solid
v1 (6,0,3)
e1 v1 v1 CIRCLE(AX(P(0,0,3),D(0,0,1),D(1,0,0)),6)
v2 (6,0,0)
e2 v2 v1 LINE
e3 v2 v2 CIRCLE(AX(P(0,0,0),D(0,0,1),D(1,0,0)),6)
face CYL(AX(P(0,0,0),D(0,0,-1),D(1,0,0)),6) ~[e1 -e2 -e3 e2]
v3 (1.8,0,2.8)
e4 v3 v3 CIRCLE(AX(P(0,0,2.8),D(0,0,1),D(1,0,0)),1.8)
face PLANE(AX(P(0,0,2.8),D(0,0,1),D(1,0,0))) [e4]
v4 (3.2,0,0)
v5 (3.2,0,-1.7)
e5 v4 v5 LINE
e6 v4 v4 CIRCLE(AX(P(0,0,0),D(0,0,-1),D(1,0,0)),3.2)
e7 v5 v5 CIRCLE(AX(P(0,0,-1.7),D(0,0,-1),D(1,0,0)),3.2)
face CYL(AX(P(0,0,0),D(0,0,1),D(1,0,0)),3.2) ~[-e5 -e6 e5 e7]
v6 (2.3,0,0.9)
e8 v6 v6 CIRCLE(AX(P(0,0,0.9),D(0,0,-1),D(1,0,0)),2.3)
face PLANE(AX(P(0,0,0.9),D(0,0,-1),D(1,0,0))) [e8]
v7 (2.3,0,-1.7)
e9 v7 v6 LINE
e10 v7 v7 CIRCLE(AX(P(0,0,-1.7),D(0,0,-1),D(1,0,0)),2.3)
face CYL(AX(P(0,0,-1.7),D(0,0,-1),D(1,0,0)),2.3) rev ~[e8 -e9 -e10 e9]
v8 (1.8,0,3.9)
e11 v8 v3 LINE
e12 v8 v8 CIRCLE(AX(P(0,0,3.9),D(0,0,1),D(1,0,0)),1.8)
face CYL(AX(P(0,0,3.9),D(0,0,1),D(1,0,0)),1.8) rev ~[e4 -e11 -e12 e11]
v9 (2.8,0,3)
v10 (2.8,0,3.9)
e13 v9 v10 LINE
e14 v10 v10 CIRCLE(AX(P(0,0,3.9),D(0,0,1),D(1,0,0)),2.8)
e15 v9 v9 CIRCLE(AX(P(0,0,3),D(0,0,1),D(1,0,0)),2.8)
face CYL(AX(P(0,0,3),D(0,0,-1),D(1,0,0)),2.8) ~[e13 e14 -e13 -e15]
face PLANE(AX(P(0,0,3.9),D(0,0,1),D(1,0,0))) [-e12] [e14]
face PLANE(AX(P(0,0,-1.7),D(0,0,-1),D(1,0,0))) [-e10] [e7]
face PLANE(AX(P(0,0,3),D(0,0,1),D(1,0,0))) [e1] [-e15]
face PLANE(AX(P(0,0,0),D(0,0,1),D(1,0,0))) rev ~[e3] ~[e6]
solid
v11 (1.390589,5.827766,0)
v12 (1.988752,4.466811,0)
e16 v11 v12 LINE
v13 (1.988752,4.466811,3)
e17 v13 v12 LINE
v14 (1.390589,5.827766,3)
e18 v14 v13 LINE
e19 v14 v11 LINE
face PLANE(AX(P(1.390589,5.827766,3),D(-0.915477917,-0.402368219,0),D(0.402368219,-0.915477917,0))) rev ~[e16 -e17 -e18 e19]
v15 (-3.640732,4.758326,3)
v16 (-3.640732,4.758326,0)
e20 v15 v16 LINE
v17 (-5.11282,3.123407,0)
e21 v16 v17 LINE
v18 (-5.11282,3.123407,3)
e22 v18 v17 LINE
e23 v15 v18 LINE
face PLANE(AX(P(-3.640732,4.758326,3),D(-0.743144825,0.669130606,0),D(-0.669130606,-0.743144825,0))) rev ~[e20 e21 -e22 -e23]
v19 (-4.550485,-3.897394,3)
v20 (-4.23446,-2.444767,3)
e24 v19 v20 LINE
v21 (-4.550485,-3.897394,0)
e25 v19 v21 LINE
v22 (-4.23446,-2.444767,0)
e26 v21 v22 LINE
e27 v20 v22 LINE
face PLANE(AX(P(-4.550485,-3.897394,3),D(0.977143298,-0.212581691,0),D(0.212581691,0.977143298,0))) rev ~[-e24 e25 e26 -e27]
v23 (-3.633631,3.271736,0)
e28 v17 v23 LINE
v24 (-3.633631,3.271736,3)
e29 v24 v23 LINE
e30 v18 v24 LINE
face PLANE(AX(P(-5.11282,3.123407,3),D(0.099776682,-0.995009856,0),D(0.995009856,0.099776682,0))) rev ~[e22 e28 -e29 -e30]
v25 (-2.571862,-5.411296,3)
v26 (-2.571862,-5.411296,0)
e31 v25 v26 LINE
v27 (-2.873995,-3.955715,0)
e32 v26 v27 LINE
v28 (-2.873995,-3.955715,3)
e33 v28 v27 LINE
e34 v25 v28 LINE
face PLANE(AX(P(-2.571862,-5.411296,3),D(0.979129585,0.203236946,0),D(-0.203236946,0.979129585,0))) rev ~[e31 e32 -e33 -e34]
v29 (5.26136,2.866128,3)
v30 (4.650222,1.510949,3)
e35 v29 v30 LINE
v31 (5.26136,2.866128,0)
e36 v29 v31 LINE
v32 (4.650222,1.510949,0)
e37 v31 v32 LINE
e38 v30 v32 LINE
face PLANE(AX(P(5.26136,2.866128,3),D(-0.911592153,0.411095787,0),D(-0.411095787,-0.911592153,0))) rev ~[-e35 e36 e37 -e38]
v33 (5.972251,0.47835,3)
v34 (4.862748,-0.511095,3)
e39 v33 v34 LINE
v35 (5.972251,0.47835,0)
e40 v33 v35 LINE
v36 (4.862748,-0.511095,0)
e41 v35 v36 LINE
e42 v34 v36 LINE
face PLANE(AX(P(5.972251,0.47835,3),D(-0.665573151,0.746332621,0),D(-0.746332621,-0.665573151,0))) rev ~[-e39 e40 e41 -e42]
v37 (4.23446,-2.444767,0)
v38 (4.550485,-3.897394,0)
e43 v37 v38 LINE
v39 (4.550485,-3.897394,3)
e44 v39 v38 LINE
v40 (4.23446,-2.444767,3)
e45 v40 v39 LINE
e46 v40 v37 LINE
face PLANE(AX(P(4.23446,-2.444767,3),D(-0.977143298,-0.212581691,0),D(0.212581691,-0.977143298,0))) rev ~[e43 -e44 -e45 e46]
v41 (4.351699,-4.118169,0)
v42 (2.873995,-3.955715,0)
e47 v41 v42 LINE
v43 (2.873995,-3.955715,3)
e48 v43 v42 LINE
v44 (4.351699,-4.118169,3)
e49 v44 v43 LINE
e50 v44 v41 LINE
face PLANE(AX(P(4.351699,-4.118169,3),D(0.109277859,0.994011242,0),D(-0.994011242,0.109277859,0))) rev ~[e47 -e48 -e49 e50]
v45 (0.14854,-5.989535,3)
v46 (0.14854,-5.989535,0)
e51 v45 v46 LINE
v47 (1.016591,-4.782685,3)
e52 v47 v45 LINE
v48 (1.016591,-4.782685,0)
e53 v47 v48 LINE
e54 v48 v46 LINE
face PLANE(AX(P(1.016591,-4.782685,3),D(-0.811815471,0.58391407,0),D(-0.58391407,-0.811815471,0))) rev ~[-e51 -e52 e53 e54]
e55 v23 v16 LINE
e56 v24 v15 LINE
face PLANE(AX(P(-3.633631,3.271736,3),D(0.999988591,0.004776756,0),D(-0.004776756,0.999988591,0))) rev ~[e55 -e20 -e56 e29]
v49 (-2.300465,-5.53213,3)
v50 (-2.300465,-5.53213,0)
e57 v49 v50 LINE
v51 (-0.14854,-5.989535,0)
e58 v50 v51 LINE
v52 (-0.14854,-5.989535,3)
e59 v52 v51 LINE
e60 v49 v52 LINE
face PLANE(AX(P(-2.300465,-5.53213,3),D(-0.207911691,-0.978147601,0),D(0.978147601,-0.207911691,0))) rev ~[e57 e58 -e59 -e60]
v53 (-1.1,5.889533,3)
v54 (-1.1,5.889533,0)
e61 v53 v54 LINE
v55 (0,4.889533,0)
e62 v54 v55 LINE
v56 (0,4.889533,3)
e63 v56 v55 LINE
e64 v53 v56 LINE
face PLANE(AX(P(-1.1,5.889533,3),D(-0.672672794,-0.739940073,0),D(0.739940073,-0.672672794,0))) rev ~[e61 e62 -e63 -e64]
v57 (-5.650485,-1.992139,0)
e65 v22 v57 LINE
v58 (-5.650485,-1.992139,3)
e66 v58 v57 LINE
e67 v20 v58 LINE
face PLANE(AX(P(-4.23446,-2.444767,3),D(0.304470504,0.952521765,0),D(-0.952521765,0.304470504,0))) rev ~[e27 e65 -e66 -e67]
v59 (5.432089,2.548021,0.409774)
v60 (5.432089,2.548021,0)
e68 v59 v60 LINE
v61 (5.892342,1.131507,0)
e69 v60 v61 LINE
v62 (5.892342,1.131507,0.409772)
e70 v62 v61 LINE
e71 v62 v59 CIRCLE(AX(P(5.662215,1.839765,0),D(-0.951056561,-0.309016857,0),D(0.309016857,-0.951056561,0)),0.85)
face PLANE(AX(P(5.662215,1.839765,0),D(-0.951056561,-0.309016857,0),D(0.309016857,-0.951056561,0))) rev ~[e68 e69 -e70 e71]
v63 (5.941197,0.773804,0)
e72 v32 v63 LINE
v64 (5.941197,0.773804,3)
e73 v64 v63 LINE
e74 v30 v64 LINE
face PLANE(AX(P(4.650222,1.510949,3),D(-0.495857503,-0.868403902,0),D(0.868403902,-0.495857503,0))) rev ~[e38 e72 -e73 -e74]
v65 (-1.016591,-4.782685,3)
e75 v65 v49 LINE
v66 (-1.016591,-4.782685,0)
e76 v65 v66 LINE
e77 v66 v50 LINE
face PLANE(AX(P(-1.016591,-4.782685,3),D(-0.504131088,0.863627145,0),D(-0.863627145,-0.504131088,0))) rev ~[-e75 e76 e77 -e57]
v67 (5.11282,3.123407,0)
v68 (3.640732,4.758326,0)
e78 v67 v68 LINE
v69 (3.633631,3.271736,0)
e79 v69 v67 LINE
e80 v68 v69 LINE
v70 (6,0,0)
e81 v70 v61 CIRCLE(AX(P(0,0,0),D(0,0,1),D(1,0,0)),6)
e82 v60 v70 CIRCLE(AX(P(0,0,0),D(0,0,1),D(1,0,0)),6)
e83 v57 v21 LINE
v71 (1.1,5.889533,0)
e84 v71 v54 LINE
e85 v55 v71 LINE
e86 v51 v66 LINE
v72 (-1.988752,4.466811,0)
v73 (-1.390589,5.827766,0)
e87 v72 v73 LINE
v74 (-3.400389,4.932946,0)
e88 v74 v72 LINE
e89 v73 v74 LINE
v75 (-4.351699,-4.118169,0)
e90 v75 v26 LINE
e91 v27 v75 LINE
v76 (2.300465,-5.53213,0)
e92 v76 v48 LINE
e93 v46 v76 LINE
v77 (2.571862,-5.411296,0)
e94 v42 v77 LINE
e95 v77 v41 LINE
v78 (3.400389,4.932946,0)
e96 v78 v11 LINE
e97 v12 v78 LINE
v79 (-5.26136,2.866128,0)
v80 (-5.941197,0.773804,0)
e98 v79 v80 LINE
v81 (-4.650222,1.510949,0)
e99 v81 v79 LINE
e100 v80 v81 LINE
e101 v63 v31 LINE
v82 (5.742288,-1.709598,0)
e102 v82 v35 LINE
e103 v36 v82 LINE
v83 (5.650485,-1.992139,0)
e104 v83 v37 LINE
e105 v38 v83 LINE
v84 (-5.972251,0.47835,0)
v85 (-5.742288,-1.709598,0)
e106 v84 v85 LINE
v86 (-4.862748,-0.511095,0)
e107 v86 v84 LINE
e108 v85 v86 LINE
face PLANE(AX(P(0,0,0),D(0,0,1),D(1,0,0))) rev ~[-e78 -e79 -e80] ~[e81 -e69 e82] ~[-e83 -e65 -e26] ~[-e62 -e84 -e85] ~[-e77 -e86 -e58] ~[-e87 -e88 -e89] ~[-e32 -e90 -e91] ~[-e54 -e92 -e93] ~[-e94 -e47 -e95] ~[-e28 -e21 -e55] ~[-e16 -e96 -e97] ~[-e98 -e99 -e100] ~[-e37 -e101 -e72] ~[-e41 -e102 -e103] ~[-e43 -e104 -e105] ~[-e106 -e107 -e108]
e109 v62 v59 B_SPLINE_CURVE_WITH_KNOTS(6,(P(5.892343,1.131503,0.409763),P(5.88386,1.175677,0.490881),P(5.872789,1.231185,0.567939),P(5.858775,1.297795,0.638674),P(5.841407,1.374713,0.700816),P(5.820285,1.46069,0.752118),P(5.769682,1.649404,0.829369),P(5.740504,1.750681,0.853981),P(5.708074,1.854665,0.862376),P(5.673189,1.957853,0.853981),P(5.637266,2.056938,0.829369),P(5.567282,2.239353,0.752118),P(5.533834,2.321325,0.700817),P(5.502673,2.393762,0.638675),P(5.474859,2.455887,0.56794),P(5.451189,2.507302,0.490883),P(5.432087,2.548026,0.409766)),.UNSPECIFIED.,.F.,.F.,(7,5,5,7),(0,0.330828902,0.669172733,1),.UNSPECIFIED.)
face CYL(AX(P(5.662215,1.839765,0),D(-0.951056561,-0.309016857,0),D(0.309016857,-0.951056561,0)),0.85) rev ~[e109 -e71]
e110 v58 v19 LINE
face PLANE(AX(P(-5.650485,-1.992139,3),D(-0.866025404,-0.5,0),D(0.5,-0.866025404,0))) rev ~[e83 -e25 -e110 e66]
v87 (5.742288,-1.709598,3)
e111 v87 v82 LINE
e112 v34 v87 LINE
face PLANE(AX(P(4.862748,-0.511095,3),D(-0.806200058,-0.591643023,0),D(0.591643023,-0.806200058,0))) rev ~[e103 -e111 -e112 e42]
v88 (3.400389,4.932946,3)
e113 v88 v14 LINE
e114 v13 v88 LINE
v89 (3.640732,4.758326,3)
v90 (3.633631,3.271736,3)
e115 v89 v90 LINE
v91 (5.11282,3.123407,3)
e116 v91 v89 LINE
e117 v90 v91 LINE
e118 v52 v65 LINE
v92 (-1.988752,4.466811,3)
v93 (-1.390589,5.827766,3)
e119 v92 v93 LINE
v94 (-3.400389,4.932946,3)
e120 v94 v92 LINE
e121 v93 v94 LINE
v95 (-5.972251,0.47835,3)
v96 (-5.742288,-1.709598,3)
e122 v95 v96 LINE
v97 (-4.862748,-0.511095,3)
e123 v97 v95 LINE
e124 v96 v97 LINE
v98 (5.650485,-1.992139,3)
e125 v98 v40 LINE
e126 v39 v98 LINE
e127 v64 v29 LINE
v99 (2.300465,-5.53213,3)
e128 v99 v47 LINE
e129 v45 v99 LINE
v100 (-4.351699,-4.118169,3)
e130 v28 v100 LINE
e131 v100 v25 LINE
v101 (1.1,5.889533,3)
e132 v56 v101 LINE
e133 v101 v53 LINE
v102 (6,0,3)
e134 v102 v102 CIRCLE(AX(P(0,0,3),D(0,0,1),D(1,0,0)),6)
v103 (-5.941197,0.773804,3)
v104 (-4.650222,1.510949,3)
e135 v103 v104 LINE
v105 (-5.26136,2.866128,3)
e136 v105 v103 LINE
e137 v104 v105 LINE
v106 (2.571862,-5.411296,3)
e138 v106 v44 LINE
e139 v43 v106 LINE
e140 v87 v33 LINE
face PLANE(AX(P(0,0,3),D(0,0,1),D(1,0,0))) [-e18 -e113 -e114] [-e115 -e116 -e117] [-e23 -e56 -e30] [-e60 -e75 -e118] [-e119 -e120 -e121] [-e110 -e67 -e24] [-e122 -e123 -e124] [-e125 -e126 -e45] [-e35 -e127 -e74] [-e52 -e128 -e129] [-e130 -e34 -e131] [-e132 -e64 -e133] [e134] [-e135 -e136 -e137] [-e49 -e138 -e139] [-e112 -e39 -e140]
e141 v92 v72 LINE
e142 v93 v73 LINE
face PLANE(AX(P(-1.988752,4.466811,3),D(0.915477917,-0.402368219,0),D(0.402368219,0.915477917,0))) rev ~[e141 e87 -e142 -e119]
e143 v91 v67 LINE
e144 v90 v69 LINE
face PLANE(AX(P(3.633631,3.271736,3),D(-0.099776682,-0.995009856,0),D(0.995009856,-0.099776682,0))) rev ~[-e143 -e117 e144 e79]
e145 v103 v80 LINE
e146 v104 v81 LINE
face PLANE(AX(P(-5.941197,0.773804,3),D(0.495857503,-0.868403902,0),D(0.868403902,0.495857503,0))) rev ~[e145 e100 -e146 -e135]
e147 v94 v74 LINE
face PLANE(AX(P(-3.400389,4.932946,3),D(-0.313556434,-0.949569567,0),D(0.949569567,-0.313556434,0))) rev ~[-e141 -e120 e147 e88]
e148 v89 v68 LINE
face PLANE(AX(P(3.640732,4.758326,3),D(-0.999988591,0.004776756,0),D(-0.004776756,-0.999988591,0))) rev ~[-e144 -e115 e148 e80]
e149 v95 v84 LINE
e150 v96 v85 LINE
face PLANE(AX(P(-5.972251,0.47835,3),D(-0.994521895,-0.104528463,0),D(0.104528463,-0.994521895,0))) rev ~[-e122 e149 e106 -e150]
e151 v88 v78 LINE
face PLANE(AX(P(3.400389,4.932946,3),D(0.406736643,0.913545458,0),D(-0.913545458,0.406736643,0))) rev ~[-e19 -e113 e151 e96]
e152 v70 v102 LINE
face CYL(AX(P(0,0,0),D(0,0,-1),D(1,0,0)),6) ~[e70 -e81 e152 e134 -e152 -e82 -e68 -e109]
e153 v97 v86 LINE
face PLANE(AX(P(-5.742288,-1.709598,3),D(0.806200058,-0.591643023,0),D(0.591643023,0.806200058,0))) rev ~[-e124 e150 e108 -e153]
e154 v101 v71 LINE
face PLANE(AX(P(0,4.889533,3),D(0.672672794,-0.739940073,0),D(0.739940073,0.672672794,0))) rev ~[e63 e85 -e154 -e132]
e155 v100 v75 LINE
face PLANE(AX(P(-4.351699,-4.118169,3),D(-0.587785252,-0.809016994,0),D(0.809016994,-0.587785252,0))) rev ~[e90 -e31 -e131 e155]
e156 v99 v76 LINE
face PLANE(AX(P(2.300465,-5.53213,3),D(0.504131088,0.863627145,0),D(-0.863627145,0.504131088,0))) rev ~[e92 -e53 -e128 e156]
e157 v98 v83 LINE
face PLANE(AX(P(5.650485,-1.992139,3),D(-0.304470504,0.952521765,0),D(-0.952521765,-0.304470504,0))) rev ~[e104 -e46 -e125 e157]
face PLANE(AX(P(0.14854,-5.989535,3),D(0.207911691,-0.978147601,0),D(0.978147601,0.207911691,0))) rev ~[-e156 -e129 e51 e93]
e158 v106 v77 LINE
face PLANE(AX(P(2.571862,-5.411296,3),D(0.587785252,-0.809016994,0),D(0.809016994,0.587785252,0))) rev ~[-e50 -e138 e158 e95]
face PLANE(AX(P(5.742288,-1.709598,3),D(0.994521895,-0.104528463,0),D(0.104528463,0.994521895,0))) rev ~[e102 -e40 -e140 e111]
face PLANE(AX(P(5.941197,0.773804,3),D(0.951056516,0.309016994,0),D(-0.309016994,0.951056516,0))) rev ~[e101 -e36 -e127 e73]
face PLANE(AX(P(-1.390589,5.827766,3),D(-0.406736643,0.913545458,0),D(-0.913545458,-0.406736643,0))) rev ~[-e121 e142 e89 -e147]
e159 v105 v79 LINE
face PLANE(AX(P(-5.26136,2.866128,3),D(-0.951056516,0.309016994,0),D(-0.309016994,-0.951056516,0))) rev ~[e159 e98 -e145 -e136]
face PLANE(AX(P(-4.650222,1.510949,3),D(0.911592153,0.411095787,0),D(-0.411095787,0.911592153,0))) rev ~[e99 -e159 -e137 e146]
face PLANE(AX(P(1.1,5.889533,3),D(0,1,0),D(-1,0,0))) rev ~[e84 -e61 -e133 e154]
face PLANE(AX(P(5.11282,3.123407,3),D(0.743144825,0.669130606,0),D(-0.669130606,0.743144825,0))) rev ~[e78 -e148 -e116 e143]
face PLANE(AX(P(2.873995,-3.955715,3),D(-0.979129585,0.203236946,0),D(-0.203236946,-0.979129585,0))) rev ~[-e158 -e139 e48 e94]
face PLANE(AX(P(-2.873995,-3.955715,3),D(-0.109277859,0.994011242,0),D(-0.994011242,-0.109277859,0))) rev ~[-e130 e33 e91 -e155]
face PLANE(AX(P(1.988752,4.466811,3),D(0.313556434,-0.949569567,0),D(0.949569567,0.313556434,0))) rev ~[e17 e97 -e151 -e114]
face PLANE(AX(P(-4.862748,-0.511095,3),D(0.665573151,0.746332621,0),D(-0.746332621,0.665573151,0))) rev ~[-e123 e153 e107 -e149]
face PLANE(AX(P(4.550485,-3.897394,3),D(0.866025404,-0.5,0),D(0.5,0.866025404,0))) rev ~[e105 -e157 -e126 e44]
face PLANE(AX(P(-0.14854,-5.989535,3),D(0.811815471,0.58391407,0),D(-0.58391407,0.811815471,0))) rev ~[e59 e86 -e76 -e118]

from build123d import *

# Parameters (mm, degrees)
SKETCH_R           = 6
PAD_DEPTH          = 3
SKETCH001_R        = 2.8
PAD001_DEPTH       = 0.9
SKETCH002_R        = 1.8
POCKET_DEPTH       = 1.1
SKETCH003_R        = 3.2
PAD002_DEPTH       = 1.7
SKETCH004_R        = 2.3
POCKET001_DEPTH    = 2.6
POCKET003_DEPTH    = 37.468376
POLARPATTERN_COUNT = 15
SKETCH008_R        = 0.85
POCKET004_DEPTH    = 1.607836


with BuildPart() as main_body:
    # Sketch → Pad (new body)
    with BuildSketch(Plane.XY):
        Circle(SKETCH_R)
    extrude(amount=PAD_DEPTH)


with BuildPart() as pocket001:
    # Pad001 base: copy of main-body
    add(main_body.part)

    # Sketch001 → Pad001 (new body)
    with BuildSketch(Plane.XY.offset(3)):
        Circle(SKETCH001_R)
    extrude(amount=PAD001_DEPTH)

    # Sketch002 → Pocket (cut)
    with BuildSketch(Plane.XY.offset(3.9)):
        Circle(SKETCH002_R)
    extrude(amount=-POCKET_DEPTH, mode=Mode.SUBTRACT)

    # Sketch003 → Pad002 (new body)
    with BuildSketch(Plane(origin=(0, 0, 0), x_dir=(1, 0, 0), z_dir=(0, 0, -1))):
        Circle(SKETCH003_R)
    extrude(amount=PAD002_DEPTH)

    # Sketch004 → Pocket001 (cut)
    with BuildSketch(Plane(origin=(0, 0, -1.7), x_dir=(1, 0, 0), z_dir=(0, 0, -1))):
        Circle(SKETCH004_R)
    extrude(amount=-POCKET001_DEPTH, mode=Mode.SUBTRACT)


with BuildPart() as pocket004:
    # Pocket003 base: copy of main-body
    add(main_body.part)

    # Sketch007 → Pocket003 (cut, through all)
    with BuildSketch(Plane.XY.offset(3)):
        Polygon((-1.1, 5.889533), (0, 4.889533), (1.1, 5.889533), align=None)
    pocket003 = extrude(amount=-POCKET003_DEPTH, mode=Mode.SUBTRACT)

    # PolarPattern: Pocket003 ×15 about axis
    polarpattern_axis = Axis((0, 0, 3), (0, 0, 1))
    for i in range(1, POLARPATTERN_COUNT):
        add(pocket003.rotate(polarpattern_axis, i * 360 / POLARPATTERN_COUNT), mode=Mode.SUBTRACT)

    # Sketch008 → Pocket004 (cut, through all)
    with BuildSketch(Plane(origin=(5.662215, 1.839765, 0), x_dir=(0.309017, -0.951057, 0), z_dir=(-0.951057, -0.309017, 0))):
        Circle(SKETCH008_R)
    extrude(amount=-POCKET004_DEPTH, mode=Mode.SUBTRACT)


solid = Compound([pocket001.part, pocket004.part])
